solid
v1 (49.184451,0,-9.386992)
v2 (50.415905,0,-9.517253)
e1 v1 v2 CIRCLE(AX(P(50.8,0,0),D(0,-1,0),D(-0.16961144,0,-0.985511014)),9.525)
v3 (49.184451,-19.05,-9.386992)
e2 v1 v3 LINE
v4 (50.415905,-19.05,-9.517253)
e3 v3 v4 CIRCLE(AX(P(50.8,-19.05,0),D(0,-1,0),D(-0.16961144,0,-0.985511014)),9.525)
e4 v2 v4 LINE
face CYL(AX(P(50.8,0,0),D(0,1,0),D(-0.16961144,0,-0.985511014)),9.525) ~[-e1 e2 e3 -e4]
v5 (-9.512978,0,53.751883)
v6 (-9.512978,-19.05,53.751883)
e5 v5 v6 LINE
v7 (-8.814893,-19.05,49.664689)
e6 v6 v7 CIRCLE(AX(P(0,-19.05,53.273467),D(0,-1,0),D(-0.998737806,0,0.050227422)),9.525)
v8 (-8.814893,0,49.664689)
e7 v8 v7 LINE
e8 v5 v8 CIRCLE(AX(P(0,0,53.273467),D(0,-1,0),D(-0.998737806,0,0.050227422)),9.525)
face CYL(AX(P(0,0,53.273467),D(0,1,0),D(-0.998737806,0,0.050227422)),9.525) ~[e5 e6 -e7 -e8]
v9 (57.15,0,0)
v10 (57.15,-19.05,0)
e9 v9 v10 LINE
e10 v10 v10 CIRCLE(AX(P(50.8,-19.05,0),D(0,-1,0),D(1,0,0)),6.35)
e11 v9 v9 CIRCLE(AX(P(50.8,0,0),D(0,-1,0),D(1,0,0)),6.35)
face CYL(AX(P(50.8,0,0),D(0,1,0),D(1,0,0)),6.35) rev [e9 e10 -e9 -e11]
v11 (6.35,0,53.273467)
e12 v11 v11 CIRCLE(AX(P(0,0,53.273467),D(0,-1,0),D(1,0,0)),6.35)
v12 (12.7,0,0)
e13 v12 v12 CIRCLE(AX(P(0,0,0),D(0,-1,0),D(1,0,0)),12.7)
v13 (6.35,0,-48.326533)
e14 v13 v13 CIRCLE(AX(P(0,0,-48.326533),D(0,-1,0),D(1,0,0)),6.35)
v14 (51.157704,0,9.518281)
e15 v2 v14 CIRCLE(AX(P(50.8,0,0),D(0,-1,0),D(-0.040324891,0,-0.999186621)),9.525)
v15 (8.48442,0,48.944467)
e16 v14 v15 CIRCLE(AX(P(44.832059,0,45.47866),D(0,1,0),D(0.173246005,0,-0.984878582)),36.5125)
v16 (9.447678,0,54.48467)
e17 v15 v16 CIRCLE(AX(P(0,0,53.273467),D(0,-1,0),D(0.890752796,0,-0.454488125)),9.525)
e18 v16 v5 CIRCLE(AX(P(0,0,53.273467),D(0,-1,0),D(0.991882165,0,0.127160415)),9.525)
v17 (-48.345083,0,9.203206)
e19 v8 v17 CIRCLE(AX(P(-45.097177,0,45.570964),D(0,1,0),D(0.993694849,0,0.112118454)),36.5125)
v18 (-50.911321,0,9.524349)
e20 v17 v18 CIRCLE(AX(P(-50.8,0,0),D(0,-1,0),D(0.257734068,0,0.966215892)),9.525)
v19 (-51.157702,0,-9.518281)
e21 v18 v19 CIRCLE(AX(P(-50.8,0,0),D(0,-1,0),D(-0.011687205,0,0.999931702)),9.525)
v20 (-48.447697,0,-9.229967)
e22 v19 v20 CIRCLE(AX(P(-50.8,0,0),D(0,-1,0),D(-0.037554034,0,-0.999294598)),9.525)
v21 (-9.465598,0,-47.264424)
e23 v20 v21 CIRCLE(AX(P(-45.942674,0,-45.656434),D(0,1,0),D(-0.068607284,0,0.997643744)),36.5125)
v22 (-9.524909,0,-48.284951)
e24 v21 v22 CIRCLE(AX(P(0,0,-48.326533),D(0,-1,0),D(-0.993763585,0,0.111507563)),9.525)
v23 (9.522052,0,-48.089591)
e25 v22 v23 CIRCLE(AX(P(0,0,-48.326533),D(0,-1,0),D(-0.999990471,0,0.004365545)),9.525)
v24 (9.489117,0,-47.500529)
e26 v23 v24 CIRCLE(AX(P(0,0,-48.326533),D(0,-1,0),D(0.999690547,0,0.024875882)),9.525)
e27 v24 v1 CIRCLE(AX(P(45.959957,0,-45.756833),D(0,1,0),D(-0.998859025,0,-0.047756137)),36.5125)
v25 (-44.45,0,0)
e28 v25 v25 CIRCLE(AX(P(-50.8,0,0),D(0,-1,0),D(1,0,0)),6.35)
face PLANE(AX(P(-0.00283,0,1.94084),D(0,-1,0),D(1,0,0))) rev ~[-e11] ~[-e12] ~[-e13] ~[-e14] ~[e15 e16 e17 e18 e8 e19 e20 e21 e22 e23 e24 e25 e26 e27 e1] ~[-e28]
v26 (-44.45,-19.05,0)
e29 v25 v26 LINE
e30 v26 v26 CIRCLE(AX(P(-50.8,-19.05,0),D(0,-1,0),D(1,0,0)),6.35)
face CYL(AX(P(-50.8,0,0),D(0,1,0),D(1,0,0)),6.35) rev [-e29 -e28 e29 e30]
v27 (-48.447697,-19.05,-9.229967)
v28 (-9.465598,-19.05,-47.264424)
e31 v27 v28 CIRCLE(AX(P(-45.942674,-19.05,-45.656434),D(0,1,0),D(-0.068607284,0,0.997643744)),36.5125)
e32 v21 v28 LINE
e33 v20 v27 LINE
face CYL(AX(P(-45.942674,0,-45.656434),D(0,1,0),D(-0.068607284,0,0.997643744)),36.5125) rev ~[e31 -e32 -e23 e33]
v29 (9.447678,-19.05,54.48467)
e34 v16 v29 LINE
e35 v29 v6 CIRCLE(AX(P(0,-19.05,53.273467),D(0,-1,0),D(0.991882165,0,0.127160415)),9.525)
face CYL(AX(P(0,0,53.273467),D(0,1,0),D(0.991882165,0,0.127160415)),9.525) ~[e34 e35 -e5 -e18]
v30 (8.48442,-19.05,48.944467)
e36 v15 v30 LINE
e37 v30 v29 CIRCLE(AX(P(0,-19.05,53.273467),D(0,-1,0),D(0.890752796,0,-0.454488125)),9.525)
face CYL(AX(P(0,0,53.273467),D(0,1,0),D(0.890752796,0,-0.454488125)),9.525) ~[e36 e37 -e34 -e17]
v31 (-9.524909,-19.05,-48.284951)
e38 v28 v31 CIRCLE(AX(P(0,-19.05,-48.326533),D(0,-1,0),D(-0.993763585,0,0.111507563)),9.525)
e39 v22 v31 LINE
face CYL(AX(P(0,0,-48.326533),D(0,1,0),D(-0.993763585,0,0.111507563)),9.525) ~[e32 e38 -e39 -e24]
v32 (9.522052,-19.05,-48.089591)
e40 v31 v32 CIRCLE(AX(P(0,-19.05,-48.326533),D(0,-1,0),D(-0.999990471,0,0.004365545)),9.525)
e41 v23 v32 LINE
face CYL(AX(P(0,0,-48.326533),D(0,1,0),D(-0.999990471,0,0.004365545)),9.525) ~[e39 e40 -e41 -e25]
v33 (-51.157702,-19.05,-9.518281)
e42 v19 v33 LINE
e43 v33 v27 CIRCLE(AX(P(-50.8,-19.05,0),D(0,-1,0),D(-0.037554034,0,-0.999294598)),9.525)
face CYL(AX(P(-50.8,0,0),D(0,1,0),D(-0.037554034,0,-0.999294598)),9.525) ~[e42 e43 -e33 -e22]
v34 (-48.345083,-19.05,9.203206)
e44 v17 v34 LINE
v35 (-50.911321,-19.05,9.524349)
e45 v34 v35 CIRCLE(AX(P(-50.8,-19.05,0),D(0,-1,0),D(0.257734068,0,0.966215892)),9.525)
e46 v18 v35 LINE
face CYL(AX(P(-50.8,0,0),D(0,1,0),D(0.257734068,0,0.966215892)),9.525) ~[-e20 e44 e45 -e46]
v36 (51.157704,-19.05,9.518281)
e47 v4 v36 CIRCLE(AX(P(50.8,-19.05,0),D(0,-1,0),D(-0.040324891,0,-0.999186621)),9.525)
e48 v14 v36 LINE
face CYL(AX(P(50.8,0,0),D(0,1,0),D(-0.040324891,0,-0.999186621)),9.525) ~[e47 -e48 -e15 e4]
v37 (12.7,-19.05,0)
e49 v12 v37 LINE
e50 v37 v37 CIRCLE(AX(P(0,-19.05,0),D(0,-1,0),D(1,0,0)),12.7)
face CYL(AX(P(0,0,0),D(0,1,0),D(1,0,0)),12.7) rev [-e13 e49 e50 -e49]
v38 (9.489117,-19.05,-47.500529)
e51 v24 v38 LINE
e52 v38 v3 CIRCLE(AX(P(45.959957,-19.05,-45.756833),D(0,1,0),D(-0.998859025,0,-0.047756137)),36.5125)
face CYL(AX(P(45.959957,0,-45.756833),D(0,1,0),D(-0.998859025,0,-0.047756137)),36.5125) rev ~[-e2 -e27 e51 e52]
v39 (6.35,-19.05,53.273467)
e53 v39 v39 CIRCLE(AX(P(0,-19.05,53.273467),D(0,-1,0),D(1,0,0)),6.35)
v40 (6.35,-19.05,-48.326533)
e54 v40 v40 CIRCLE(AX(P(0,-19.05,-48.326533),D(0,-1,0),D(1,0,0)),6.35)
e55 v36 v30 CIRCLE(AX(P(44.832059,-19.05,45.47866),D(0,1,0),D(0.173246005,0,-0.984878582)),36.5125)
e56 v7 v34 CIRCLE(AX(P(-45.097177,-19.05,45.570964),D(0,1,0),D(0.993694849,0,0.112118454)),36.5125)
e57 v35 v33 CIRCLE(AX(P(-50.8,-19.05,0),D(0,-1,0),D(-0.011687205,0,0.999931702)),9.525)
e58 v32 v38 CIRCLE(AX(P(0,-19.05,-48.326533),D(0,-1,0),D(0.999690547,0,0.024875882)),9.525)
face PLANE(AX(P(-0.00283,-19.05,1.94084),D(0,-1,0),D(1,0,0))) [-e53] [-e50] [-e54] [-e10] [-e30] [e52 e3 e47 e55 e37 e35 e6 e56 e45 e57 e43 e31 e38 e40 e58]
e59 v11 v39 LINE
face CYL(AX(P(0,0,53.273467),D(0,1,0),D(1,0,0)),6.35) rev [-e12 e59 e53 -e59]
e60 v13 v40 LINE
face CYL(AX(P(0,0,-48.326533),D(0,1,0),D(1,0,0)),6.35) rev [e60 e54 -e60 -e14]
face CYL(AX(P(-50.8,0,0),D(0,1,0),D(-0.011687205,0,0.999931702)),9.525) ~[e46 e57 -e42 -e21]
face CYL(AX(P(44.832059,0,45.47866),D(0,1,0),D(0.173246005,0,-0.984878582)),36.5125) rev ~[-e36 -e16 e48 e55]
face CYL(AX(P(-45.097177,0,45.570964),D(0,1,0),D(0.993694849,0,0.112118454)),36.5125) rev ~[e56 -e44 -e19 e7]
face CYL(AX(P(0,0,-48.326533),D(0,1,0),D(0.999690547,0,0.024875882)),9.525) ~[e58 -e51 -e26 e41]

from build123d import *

# Parameters (mm, degrees)
F0_R     = 6.35
F0_R_2   = 12.7
F1_DEPTH = 19.05


with BuildPart() as f1:
    # F0 (on Front) → F1 (new body)
    with BuildSketch(Plane.XZ):
        with BuildLine():
            ThreePointArc((8.1951970624, 48.4191521254), (8.6925962921, 51.4785155363), (9.4476776194, 54.4846696678))
            ThreePointArc((9.4476776194, 54.4846696678), (-0.3678452563, 62.7913611678), (-9.5129776068, 53.7518829035))
            ThreePointArc((-9.5129776068, 53.7518829035), (-9.105870629, 51.7182031025), (-8.8148933877, 49.6646885861))
            ThreePointArc((-8.8148933877, 49.6646885861), (-18.9801247094, 20.0550418339), (-48.3450830058, 9.2032063734))
            ThreePointArc((-48.3450830058, 9.2032063734), (-49.6310461091, 9.3410493187), (-50.9113206254, 9.5243494643))
            ThreePointArc((-50.9113206254, 9.5243494643), (-60.3242028447, 0.1232281336), (-51.157702171, -9.5182810505))
            ThreePointArc((-51.157702171, -9.5182810505), (-49.8053904839, -9.34883094), (-48.4476969754, -9.2299672524))
            ThreePointArc((-48.4476969754, -9.2299672524), (-20.4440451587, -19.5224985104), (-9.4655981497, -47.2644237508))
            ThreePointArc((-9.4655981497, -47.2644237508), (-9.4916820209, -47.7748951909), (-9.5249092359, -48.2849514738))
            ThreePointArc((-9.5249092359, -48.2849514738), (0.0976909287, -57.8510323025), (9.5220524634, -48.0895905026))
            ThreePointArc((9.5220524634, -48.0895905026), (9.5043949342, -47.7951261873), (9.4891170098, -47.5005288242))
            ThreePointArc((9.4891170098, -47.5005288242), (20.6718117205, -19.4191724479), (49.1844510345, -9.3869924118))
            ThreePointArc((49.1844510345, -9.3869924118), (49.8007304882, -9.4469015023), (50.4159054165, -9.5172525632))
            ThreePointArc((50.4159054165, -9.5172525632), (60.3177759226, -0.370899566), (51.1577038356, 9.518280988))
            ThreePointArc((51.1577038356, 9.518280988), (20.0543256775, 18.6602601067), (8.4844203849, 48.9444673207))
            ThreePointArc((8.4844203849, 48.9444673207), (8.3439438254, 48.6795330559), (8.1951970624, 48.4191521254))
        make_face()
        with Locations((-50.8, 0)):
            Circle(F0_R, mode=Mode.SUBTRACT)
        with Locations((0, -48.3265332878)):
            Circle(F0_R, mode=Mode.SUBTRACT)
        Circle(F0_R_2, mode=Mode.SUBTRACT)
        with Locations((50.8, 0)):
            Circle(F0_R, mode=Mode.SUBTRACT)
        with Locations((0, 53.2734667122)):
            Circle(F0_R, mode=Mode.SUBTRACT)
        with BuildLine():
            ThreePointArc((8.4844203849, 48.9444673207), (8.859234067, 51.7331400649), (9.4476776194, 54.4846696678))
            ThreePointArc((9.4476776194, 54.4846696678), (8.6925962921, 51.4785155363), (8.1951970624, 48.4191521254))
            ThreePointArc((8.1951970624, 48.4191521254), (8.3439438254, 48.6795330559), (8.4844203849, 48.9444673207))
        make_face()
        with BuildLine():
            ThreePointArc((8.4844203849, 48.9444673207), (9.384215216, 51.6418632742), (9.4476776194, 54.4846696678))
            ThreePointArc((9.4476776194, 54.4846696678), (8.859234067, 51.7331400649), (8.4844203849, 48.9444673207))
        make_face()
        with BuildLine():
            ThreePointArc((-8.8148933877, 49.6646885861), (-9.105870629, 51.7182031025), (-9.5129776068, 53.7518829035))
            ThreePointArc((-9.5129776068, 53.7518829035), (-9.3890363267, 51.6698389951), (-8.8148933877, 49.6646885861))
        make_face()
        with BuildLine():
            ThreePointArc((-50.9113206254, 9.5243494643), (-49.6310461091, 9.3410493187), (-48.3450830058, 9.2032063734))
            ThreePointArc((-48.3450830058, 9.2032063734), (-49.6172514189, 9.4512819656), (-50.9113206254, 9.5243494643))
        make_face()
        with BuildLine():
            ThreePointArc((49.1844510345, -9.3869924118), (49.7980591297, -9.4721560108), (50.4159054165, -9.5172525632))
            ThreePointArc((50.4159054165, -9.5172525632), (49.8007304882, -9.4469015023), (49.1844510345, -9.3869924118))
        make_face()
        with BuildLine():
            ThreePointArc((-48.4476969754, -9.2299672524), (-49.8053904839, -9.34883094), (-51.157702171, -9.5182810505))
            ThreePointArc((-51.157702171, -9.5182810505), (-49.792334702, -9.471548746), (-48.4476969754, -9.2299672524))
        make_face()
        with BuildLine():
            ThreePointArc((9.5220524634, -48.0895905026), (9.5101466656, -47.7948045981), (9.4891170098, -47.5005288242))
            ThreePointArc((9.4891170098, -47.5005288242), (9.5043949342, -47.7951261873), (9.5220524634, -48.0895905026))
        make_face()
        with BuildLine():
            ThreePointArc((-9.5249092359, -48.2849514738), (-9.4916820209, -47.7748951909), (-9.4655981497, -47.2644237508))
            ThreePointArc((-9.4655981497, -47.2644237508), (-9.508954301, -47.7738913596), (-9.5249092359, -48.2849514738))
        make_face()
    extrude(amount=F1_DEPTH)


solid = f1.part
